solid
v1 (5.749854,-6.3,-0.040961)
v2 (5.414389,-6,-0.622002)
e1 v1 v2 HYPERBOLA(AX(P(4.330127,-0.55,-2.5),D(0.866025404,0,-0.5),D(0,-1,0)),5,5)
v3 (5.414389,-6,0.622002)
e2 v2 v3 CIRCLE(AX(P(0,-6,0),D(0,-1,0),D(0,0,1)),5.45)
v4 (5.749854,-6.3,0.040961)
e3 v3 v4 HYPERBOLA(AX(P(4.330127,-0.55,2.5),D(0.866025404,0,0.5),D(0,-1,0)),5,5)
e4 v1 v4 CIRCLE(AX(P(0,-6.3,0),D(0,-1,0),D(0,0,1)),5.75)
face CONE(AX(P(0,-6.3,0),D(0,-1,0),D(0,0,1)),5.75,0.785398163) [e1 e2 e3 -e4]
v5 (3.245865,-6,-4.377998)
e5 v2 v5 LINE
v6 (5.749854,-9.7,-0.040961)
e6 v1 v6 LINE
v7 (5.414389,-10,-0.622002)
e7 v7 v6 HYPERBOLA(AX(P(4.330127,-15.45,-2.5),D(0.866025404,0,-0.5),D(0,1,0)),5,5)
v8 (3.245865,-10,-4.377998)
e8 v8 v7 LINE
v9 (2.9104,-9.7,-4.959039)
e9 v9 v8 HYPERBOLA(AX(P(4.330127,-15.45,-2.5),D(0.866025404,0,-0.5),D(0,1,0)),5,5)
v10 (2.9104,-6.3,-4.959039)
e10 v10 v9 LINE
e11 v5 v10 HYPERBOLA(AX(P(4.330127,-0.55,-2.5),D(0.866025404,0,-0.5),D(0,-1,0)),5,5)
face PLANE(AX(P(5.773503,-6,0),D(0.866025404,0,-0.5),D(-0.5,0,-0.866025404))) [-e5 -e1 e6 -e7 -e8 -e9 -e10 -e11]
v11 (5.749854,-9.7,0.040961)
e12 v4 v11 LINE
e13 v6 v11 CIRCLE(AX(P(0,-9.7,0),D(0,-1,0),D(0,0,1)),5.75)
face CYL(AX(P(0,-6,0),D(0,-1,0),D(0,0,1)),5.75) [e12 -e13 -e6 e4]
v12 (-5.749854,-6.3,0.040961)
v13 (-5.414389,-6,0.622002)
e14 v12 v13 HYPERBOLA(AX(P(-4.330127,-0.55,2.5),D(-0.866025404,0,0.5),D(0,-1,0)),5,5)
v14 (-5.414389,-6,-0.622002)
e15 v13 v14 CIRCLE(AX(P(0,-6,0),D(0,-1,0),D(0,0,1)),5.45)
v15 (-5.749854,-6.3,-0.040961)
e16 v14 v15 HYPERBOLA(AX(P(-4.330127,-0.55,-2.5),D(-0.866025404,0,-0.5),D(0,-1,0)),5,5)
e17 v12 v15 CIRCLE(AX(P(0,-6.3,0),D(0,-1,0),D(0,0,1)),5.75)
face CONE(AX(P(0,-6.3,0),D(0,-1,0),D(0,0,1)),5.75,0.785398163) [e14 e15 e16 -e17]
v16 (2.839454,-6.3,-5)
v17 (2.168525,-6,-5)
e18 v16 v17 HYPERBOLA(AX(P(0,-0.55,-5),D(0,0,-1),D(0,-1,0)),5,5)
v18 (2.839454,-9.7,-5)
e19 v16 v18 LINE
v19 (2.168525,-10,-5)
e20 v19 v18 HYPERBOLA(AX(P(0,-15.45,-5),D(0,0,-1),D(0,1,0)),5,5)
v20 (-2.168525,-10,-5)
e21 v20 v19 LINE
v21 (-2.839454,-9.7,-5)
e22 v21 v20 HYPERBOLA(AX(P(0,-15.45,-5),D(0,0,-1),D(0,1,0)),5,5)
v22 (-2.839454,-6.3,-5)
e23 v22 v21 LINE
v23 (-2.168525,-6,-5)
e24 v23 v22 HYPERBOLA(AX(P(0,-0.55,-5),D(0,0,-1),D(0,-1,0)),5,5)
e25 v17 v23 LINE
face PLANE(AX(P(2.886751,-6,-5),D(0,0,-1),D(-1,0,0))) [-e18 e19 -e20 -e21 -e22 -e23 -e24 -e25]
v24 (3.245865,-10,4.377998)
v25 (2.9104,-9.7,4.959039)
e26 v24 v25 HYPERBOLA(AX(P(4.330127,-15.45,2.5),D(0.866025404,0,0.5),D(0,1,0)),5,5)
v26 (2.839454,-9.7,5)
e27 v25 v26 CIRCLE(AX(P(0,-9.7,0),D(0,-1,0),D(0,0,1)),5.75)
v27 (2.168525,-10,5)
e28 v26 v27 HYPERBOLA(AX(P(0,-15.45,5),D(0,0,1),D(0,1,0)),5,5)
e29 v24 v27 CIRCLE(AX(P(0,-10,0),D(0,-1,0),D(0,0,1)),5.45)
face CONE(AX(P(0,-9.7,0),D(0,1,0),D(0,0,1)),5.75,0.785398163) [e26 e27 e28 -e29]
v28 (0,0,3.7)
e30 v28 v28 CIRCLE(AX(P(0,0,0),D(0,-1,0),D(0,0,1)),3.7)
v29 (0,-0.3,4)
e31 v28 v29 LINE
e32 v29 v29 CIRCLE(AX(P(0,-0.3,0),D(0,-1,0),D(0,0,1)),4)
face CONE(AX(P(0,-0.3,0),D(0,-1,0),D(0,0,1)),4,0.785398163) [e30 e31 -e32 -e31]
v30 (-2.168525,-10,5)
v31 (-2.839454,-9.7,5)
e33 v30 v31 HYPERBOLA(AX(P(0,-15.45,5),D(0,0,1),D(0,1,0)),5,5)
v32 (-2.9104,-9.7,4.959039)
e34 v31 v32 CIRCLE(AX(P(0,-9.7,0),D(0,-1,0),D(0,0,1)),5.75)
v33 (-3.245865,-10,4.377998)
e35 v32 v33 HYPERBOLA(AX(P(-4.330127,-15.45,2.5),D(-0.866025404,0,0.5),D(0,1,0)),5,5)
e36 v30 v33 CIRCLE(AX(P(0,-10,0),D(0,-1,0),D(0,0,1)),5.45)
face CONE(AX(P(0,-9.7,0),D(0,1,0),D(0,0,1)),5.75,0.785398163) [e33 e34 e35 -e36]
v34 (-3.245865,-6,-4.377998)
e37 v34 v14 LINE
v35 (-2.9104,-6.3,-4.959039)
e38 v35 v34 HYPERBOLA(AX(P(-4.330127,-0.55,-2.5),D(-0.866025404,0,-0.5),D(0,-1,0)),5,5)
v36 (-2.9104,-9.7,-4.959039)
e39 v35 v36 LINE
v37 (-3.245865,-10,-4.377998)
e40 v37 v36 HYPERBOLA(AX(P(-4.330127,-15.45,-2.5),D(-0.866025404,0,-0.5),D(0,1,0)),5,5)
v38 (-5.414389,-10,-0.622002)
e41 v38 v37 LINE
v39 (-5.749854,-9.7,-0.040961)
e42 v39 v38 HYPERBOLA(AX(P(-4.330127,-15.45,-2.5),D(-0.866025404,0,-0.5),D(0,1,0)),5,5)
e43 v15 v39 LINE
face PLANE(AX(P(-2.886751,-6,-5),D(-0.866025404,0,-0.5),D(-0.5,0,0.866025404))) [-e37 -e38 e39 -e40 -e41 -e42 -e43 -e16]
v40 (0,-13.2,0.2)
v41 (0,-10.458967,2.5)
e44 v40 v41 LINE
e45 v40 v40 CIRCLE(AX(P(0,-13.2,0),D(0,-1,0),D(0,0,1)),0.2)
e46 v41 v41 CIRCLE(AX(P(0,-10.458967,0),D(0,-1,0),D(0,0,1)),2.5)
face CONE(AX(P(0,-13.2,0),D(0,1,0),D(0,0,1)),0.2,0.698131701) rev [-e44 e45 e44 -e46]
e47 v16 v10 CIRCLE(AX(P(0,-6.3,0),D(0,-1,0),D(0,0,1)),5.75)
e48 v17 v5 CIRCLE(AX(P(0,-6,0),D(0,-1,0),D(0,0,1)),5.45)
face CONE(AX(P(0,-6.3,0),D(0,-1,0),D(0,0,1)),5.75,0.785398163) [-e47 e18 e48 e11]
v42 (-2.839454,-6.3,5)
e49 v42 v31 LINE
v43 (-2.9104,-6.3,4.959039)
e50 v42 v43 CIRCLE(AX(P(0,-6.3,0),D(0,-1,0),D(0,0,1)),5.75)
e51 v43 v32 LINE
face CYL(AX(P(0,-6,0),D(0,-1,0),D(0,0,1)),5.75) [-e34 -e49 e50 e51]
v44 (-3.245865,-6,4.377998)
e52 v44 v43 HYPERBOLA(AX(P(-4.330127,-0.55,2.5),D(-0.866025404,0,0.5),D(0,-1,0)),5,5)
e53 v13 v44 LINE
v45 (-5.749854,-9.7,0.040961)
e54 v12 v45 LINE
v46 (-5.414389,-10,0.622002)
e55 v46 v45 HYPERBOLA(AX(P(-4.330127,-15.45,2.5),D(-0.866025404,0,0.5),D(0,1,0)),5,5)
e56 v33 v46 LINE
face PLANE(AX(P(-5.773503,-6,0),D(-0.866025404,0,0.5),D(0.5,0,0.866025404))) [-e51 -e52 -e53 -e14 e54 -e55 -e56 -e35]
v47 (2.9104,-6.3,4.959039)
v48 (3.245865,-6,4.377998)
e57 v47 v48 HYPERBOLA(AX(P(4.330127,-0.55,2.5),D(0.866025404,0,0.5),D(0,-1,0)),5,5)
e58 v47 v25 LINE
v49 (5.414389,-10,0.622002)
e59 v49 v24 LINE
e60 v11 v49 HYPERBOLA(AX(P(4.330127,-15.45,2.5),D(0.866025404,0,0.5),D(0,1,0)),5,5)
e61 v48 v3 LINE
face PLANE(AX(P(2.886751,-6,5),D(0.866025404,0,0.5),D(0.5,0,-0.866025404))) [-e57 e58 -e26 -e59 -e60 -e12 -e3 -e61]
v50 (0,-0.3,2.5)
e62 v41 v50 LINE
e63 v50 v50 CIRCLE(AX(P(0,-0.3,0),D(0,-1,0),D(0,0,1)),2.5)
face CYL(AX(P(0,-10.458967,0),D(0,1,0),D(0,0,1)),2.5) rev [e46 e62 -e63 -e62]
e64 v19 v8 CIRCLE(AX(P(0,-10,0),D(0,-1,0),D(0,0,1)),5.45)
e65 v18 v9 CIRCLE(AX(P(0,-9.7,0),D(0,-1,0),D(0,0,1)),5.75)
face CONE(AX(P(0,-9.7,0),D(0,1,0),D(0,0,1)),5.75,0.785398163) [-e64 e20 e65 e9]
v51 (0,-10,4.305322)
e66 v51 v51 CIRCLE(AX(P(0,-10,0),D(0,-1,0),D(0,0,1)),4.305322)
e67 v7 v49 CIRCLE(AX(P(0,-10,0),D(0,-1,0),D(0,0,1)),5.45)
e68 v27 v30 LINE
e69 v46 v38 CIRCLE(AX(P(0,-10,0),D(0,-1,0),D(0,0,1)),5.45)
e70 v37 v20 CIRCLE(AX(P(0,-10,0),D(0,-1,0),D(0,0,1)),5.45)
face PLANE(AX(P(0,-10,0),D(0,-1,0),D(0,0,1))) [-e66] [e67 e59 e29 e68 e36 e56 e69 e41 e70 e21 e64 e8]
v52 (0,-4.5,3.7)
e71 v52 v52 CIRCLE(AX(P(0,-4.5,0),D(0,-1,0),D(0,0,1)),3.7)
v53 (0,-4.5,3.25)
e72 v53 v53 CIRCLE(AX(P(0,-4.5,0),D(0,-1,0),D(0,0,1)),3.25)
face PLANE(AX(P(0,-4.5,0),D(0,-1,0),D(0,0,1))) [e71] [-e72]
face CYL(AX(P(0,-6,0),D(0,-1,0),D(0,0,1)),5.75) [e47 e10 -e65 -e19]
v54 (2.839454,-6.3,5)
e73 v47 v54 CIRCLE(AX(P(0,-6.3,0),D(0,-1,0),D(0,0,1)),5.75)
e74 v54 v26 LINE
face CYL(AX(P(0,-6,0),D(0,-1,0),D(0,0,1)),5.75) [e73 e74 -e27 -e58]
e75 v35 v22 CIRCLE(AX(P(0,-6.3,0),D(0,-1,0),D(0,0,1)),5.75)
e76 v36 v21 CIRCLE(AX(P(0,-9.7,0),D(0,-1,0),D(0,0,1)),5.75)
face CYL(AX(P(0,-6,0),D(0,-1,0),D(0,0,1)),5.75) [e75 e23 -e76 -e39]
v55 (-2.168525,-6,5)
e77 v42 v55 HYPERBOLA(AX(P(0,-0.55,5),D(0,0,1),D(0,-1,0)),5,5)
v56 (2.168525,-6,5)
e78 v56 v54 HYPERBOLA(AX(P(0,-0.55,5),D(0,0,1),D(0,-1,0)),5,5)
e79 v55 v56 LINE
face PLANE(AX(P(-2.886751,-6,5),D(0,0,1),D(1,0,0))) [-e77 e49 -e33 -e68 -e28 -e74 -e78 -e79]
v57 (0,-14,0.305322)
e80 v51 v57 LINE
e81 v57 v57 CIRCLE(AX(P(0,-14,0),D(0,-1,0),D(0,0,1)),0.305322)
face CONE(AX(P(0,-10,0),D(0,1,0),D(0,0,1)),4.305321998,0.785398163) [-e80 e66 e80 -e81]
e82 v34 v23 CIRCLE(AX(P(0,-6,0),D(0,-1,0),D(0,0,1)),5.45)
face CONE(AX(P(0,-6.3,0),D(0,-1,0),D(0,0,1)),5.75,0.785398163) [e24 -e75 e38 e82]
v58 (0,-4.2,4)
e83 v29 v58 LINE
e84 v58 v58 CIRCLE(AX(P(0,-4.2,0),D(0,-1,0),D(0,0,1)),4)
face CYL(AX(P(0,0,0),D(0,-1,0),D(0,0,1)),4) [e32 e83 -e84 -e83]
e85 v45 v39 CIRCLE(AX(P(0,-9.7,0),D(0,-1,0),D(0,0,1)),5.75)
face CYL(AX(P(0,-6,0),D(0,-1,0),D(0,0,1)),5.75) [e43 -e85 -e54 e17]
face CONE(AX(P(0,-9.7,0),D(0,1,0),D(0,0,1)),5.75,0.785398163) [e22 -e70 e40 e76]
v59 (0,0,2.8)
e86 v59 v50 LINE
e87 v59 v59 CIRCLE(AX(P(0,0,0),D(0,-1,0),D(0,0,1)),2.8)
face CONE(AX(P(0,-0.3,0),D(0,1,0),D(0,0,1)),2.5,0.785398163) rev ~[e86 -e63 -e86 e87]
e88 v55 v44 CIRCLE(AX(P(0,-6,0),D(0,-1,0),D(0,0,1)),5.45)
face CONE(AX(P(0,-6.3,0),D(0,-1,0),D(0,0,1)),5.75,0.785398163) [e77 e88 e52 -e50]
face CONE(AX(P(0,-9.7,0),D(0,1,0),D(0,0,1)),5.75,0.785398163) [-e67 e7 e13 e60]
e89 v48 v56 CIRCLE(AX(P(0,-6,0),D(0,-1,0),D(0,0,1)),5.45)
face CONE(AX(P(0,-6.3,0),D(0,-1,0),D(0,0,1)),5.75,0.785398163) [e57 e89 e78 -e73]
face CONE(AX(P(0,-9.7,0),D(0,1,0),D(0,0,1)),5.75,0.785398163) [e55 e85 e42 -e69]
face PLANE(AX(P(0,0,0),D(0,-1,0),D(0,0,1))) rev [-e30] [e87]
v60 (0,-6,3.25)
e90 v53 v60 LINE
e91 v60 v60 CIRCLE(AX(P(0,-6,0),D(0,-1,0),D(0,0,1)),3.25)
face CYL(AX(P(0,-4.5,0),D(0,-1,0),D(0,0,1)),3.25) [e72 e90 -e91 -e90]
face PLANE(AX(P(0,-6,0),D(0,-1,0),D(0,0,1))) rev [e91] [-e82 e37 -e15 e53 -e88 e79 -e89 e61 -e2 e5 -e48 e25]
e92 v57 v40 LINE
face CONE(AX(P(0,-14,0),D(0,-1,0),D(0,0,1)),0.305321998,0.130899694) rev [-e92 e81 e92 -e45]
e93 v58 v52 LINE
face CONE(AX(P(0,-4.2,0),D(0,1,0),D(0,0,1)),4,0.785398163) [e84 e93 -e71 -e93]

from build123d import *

# Parameters (mm, degrees)
CHAMFER_1_SIZE      = 0.3
SKETCH_2_OUTSIDE_W  = 17.792
SKETCH_2_OUTSIDE_H  = 17.792
CUT_EXTRUDE_1_DEPTH = 12.407234547


with BuildPart() as part:
    # Эскиз1 → Повернуть1 (revolve)
    with BuildSketch(Plane.XY):
        Polygon((2.5, 0), (4, 0), (4, -4.5), (3.25, -4.5), (3.25, -6), (5.75, -6), (5.75, -10), (4.305321998, -10), (0.305321998, -14), (0.2, -13.2), (2.5, -10.458966737), align=None)
    revolve(axis=Axis((0, 8.266911596, 0), (0, -1, 0)))

    # Фаска1
    chamfer_1_edges = [part.edges().sort_by_distance(p)[0] for p in [
        (-5.75, -10, 0),
        (-5.75, -6, 0),
        (-4, -4.5, 0),
        (-2.5, 0, 0),
        (-4, 0, 0),
    ]]
    chamfer(chamfer_1_edges, length=CHAMFER_1_SIZE)

    # Эскиз2 outside → Вырез-Вытянуть1 (cut, through all)
    with BuildSketch(Plane(origin=(0, -6, 0), x_dir=(1, 0, 0), z_dir=(0, 1, 0))):
        Rectangle(SKETCH_2_OUTSIDE_W, SKETCH_2_OUTSIDE_H)
        Polygon((5.773502692, 0), (2.886751346, 5), (-2.886751346, 5), (-5.773502692, 0), (-2.886751346, -5), (2.886751346, -5), align=None, mode=Mode.SUBTRACT)
    extrude(amount=-CUT_EXTRUDE_1_DEPTH, mode=Mode.SUBTRACT)


solid = part.part
